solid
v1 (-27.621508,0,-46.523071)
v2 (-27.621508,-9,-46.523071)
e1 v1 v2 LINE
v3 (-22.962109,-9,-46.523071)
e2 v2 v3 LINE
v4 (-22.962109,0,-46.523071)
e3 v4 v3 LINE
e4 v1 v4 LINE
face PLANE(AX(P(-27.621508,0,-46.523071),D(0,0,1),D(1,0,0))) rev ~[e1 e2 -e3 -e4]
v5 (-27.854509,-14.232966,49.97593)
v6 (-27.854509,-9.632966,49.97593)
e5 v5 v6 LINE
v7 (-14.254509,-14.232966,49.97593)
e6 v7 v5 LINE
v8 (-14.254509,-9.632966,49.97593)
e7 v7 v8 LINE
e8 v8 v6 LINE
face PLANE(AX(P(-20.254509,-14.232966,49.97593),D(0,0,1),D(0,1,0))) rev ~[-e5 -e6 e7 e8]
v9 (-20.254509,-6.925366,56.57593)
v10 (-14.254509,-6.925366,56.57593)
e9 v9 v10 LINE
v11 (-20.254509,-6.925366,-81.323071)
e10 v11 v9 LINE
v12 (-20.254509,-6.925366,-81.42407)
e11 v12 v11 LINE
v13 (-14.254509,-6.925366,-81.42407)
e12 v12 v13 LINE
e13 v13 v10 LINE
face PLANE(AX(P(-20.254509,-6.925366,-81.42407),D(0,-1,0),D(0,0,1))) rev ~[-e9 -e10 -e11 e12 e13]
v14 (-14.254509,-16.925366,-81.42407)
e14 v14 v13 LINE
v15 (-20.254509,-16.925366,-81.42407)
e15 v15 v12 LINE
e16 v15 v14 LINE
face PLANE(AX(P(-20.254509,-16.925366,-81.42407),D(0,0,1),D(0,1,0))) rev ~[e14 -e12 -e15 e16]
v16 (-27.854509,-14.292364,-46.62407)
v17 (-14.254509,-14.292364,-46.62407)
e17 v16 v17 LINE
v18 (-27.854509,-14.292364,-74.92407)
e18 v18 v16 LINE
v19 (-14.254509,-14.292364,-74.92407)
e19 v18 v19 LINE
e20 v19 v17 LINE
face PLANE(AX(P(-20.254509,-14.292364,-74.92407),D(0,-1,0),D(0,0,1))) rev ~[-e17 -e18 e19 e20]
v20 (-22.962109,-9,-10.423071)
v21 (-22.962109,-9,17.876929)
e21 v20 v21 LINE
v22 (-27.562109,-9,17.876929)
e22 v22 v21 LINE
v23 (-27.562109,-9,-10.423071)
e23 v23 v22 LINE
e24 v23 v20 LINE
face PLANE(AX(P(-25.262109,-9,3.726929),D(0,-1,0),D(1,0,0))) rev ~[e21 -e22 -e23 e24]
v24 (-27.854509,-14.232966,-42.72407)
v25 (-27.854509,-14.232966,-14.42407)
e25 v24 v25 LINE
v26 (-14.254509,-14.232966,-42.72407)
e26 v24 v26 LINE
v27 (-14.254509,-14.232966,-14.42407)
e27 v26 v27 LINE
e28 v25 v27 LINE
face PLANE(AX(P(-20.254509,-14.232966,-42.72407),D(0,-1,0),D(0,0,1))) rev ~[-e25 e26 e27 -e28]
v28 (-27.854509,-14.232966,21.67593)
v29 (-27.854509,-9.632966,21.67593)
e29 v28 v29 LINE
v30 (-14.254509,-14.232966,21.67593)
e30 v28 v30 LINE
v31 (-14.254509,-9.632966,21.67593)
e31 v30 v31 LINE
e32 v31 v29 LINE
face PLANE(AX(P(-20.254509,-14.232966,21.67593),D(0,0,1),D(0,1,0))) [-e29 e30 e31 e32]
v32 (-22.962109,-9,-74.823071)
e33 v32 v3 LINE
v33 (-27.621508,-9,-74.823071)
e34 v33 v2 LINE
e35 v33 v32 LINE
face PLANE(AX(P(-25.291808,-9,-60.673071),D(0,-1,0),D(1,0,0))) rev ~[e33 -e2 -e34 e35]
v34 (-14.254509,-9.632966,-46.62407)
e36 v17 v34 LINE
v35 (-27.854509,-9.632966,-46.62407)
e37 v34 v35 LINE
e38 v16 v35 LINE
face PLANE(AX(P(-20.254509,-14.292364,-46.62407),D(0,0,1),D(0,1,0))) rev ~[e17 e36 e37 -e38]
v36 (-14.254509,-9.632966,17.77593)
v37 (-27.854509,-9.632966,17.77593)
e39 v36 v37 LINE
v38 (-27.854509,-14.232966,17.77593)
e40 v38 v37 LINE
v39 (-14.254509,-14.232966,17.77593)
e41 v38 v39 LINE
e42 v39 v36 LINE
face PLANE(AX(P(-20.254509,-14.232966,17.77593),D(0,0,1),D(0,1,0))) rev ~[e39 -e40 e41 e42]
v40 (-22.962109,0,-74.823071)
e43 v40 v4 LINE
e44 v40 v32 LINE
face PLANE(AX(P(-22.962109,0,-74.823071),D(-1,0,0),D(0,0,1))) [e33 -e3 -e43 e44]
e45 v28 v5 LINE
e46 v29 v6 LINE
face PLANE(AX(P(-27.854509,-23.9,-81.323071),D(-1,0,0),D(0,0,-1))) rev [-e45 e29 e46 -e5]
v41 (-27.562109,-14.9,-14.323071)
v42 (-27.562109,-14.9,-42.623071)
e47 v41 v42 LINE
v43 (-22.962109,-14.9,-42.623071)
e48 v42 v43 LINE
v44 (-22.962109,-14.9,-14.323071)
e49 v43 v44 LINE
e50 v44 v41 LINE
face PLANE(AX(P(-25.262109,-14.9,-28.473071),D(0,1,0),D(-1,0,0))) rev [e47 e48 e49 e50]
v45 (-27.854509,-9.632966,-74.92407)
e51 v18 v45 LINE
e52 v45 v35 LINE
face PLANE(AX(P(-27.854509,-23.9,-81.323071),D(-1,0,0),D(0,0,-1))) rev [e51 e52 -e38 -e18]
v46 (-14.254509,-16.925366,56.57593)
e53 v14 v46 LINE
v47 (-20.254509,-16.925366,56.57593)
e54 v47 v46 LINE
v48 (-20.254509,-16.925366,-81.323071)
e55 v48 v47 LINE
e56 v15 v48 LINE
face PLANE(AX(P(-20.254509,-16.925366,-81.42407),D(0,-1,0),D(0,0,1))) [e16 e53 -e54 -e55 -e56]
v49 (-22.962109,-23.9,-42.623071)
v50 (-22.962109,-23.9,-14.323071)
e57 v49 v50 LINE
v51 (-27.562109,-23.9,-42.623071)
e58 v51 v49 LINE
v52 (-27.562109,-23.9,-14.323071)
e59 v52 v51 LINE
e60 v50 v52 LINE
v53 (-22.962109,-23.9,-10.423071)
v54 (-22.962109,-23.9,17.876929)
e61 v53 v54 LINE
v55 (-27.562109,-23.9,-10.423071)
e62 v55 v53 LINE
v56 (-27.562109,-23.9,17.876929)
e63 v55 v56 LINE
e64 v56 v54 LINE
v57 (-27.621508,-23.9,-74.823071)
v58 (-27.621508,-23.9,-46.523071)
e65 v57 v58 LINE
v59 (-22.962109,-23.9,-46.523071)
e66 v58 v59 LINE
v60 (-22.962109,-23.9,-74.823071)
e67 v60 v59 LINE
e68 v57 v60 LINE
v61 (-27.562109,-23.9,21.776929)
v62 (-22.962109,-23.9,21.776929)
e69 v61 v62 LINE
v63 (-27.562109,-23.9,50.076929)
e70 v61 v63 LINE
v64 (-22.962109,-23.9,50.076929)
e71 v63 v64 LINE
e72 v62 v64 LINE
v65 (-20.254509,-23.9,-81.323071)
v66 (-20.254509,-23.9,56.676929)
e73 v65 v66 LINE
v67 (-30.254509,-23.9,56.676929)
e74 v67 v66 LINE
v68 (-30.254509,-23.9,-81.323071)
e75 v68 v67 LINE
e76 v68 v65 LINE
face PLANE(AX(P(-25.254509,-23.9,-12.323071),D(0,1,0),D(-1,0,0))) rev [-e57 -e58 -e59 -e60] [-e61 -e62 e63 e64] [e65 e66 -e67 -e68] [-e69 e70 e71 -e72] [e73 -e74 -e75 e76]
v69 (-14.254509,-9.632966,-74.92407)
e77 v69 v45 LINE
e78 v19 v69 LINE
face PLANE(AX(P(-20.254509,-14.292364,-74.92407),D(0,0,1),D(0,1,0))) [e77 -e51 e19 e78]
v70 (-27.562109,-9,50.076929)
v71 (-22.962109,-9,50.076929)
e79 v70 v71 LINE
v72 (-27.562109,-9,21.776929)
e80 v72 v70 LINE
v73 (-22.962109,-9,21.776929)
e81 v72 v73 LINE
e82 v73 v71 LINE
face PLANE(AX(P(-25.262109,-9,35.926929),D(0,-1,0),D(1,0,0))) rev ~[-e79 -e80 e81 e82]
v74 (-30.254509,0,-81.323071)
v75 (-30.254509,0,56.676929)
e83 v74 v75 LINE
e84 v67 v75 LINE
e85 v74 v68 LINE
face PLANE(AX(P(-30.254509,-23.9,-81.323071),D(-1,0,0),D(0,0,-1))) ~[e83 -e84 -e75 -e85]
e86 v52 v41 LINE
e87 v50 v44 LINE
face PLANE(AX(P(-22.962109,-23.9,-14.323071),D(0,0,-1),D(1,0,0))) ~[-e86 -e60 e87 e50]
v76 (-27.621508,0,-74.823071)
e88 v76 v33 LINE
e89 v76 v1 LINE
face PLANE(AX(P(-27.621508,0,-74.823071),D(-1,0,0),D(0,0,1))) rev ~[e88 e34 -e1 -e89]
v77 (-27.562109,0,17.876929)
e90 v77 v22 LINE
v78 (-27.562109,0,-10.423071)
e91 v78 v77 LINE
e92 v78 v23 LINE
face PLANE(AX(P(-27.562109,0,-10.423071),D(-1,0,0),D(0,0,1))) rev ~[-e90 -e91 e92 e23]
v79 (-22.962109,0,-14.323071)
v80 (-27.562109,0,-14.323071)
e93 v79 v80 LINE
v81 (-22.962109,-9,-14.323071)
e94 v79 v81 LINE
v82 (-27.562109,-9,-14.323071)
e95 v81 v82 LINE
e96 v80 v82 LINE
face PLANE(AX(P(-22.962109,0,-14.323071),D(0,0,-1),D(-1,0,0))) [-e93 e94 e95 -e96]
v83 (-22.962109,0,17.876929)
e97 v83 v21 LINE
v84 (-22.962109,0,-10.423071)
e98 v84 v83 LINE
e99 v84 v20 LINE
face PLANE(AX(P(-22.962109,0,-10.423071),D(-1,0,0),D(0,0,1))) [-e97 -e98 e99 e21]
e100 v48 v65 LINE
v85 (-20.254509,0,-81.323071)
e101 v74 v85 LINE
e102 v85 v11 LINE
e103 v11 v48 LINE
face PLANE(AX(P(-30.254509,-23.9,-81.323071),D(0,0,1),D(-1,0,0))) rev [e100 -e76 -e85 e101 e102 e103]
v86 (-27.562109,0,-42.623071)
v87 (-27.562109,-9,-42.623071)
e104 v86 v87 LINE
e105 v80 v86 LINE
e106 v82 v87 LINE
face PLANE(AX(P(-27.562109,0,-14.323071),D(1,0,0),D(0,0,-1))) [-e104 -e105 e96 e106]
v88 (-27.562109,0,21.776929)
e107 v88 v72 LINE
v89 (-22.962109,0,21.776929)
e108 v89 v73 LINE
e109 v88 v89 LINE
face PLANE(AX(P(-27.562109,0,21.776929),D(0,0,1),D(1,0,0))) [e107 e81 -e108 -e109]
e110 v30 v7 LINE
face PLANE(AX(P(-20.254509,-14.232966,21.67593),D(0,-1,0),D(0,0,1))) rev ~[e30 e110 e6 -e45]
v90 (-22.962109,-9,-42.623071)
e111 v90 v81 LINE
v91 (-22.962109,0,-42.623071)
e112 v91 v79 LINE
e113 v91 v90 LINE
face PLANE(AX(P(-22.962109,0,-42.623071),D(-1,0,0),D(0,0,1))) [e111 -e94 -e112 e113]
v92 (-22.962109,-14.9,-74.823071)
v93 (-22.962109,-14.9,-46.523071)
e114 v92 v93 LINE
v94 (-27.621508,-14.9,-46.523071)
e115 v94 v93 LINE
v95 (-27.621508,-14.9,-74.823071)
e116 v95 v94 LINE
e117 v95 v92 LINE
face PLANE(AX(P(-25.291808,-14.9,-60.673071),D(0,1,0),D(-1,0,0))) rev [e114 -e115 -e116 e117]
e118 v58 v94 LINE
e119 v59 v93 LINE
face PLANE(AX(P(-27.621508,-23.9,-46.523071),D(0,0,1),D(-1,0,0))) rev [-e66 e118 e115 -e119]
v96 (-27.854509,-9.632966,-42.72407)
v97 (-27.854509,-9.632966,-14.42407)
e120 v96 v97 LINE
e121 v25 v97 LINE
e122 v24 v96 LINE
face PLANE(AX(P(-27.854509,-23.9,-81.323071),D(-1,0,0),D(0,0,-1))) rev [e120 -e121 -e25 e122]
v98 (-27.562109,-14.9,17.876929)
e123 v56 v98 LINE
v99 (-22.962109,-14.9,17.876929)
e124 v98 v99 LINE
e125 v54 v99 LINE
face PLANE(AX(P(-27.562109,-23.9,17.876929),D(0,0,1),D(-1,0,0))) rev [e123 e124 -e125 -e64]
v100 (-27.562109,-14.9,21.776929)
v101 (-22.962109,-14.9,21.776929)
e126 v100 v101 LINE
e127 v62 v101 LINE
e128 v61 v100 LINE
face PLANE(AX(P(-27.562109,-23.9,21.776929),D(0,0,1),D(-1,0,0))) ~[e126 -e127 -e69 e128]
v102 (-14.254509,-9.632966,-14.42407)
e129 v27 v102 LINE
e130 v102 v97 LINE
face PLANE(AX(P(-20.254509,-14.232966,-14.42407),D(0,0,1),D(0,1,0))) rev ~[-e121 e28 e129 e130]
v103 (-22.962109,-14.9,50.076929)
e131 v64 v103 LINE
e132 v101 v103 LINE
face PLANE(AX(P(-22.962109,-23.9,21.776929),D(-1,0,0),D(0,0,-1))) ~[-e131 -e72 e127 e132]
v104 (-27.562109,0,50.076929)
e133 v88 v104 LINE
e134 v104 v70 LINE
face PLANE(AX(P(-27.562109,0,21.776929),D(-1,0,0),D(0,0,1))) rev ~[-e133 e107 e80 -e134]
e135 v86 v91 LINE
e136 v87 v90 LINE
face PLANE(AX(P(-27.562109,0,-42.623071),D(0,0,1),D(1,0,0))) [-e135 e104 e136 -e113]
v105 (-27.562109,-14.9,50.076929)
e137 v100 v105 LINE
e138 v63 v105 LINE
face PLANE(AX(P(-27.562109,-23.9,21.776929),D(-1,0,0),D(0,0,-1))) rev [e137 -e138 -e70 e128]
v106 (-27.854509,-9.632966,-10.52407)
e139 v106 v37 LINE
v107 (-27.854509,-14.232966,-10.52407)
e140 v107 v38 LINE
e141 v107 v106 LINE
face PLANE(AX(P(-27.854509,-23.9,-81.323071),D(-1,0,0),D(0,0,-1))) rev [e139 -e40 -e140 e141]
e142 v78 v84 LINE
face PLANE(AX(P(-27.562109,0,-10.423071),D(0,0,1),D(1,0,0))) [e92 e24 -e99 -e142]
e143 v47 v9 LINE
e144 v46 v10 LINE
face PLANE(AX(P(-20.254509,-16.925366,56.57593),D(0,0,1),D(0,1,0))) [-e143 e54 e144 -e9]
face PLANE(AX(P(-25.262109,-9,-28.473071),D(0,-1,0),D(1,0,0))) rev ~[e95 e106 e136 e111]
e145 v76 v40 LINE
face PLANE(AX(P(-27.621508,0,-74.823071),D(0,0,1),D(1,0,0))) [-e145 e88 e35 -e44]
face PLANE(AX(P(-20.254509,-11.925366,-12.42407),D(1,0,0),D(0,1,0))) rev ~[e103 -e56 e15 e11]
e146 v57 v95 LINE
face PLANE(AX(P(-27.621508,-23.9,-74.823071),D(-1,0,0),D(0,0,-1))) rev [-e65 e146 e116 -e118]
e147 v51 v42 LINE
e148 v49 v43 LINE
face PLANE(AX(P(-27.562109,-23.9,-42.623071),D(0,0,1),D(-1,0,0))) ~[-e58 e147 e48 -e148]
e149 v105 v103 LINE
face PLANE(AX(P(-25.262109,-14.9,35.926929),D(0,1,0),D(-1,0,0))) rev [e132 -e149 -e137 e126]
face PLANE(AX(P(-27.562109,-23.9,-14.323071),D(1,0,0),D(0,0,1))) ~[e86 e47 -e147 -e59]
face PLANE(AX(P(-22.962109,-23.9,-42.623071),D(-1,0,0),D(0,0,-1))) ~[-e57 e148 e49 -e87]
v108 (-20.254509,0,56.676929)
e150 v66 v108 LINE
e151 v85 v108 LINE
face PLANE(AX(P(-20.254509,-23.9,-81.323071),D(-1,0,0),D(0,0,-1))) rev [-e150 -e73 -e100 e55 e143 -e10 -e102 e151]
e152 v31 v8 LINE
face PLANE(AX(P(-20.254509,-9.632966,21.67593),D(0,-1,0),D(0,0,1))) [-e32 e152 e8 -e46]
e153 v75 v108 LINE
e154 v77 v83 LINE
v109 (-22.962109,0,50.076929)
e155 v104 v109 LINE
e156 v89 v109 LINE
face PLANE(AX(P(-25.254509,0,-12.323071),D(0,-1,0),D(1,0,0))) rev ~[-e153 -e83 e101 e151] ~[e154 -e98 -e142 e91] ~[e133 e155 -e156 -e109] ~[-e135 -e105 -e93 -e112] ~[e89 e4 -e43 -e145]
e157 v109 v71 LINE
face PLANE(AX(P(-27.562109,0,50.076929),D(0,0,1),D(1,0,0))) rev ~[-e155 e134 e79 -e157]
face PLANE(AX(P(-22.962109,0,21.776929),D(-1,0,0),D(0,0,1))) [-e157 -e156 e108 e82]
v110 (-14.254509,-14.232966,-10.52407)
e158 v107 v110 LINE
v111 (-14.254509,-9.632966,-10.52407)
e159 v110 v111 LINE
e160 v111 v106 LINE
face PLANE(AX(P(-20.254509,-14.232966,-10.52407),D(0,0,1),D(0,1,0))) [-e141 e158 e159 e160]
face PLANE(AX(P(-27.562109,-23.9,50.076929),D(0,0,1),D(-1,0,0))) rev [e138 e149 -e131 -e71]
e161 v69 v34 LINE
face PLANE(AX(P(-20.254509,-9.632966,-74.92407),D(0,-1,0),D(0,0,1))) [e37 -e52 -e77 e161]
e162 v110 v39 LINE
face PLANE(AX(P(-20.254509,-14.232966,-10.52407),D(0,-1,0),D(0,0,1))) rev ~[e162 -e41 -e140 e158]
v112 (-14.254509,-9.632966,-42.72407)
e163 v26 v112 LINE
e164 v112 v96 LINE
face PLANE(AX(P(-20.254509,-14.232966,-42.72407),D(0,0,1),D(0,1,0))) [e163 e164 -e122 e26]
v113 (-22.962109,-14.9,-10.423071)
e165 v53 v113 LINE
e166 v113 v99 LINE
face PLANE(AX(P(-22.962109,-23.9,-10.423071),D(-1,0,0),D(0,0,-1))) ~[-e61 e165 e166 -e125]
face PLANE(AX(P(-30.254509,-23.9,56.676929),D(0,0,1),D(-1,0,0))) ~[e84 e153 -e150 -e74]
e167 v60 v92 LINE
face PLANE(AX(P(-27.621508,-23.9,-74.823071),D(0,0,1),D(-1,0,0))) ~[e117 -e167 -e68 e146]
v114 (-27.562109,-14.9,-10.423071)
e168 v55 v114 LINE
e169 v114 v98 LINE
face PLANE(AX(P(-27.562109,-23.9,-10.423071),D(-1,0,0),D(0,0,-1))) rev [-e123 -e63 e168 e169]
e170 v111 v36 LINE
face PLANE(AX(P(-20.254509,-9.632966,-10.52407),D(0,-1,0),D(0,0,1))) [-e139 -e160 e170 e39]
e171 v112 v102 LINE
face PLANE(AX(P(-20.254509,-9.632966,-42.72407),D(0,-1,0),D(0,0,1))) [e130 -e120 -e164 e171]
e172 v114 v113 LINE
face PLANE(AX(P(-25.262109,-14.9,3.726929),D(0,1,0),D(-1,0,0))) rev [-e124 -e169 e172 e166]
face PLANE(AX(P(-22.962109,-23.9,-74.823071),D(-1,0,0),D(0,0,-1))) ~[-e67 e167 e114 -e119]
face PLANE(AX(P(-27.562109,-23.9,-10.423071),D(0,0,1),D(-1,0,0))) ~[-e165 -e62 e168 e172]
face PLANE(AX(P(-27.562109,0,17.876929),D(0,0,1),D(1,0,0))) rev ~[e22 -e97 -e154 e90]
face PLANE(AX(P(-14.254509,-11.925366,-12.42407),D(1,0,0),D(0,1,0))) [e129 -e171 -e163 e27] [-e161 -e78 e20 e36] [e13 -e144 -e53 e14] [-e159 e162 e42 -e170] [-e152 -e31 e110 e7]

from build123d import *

# Parameters (mm, degrees)
F0_W     = 10
F0_H     = 138
F0_W_2   = 4.6593984449
F0_H_2   = 28.3
F0_W_3   = 4.6
F1_DEPTH = 11.95
F2_DEPTH = 9
F4_W     = 10
F4_H     = 138
F4_W_2   = 4.6593984449
F4_H_2   = 28.3
F4_W_3   = 4.6
F5_DEPTH = 6
F6_DEPTH = 7.6


with BuildPart() as f1:
    # F0 (on Front) → F1 (new body)
    with BuildSketch(Plane.XZ):
        with Locations((-25.2545091997, -12.3230710179)):
            Rectangle(F0_W, F0_H)
        with Locations((-25.2918084222, -60.6730710179)):
            Rectangle(F0_W_2, F0_H_2, mode=Mode.SUBTRACT)
        Polygon((-27.5621091997, -41.1834381521), (-27.5621091997, -14.3230710179), (-22.9621091997, -14.3230710179), (-22.9621091997, -42.6230710179), (-27.5621091997, -42.6230710179), align=None, mode=Mode.SUBTRACT)
        with Locations((-25.2621091997, 3.7269289821)):
            Rectangle(F0_W_3, F0_H_2, mode=Mode.SUBTRACT)
        with Locations((-25.2621091997, 35.9269289821)):
            Rectangle(F0_W_3, F0_H_2, mode=Mode.SUBTRACT)
        with Locations((-25.2621091997, 35.9269289821)):
            Rectangle(F0_W_3, F0_H_2)
        with Locations((-25.2621091997, 3.7269289821)):
            Rectangle(F0_W_3, F0_H_2)
        Polygon((-22.9621091997, -14.3230710179), (-27.5621091997, -14.3230710179), (-27.5621091997, -41.1834381521), (-27.5621091997, -42.6230710179), (-22.9621091997, -42.6230710179), align=None)
        with Locations((-25.2918084222, -60.6730710179)):
            Rectangle(F0_W_2, F0_H_2)
    extrude(amount=F1_DEPTH)

    # F0 (on Front) → F2 (cut)
    with BuildSketch(Plane.XZ):
        with Locations((-25.2621091997, 35.9269289821)):
            Rectangle(F0_W_3, F0_H_2)
        with Locations((-25.2621091997, 3.7269289821)):
            Rectangle(F0_W_3, F0_H_2)
        Polygon((-22.9621091997, -14.3230710179), (-27.5621091997, -14.3230710179), (-27.5621091997, -41.1834381521), (-27.5621091997, -42.6230710179), (-22.9621091997, -42.6230710179), align=None)
        with Locations((-25.2918084222, -60.6730710179)):
            Rectangle(F0_W_2, F0_H_2)
    extrude(amount=F2_DEPTH, mode=Mode.SUBTRACT)

    # F3: F1 across face


with BuildPart() as f1_1:
    add(f1.part)
    add(f1.part.mirror(Plane(origin=(-25.2545091997, -11.95, -12.3230710179), x_dir=(1, 0, 0), z_dir=(0, -1, 0))))

    # F4 (on face) → F5 (join)
    with BuildSketch(Plane.YZ.offset(-20.2545091997)):
        with Locations((-11.9253657708, -12.4240700761)):
            Rectangle(F4_W, F4_H)
        with Locations((-11.9626649932, -60.7740700761)):
            Rectangle(F4_W_2, F4_H_2, mode=Mode.SUBTRACT)
        with Locations((-11.9329657708, -28.5740700761)):
            Rectangle(F4_W_3, F4_H_2, mode=Mode.SUBTRACT)
        with Locations((-11.9329657708, 3.6259299239)):
            Rectangle(F4_W_3, F4_H_2, mode=Mode.SUBTRACT)
        with Locations((-11.9329657708, 35.8259299239)):
            Rectangle(F4_W_3, F4_H_2, mode=Mode.SUBTRACT)
    extrude(amount=F5_DEPTH)

    # F6 (cut): faces of the model
    f6_faces = [f1_1.faces().sort_by_distance(p)[0] for p in [
        (-20.2545091997, -11.9329657708, 35.8259299239),
        (-20.2545091997, -11.9329657708, 3.6259299239),
        (-20.2545091997, -11.9329657708, -28.5740700761),
        (-20.2545091997, -11.9626649932, -60.7740700761),
    ]]
    extrude(f6_faces, amount=-F6_DEPTH, mode=Mode.SUBTRACT)


solid = f1_1.part
